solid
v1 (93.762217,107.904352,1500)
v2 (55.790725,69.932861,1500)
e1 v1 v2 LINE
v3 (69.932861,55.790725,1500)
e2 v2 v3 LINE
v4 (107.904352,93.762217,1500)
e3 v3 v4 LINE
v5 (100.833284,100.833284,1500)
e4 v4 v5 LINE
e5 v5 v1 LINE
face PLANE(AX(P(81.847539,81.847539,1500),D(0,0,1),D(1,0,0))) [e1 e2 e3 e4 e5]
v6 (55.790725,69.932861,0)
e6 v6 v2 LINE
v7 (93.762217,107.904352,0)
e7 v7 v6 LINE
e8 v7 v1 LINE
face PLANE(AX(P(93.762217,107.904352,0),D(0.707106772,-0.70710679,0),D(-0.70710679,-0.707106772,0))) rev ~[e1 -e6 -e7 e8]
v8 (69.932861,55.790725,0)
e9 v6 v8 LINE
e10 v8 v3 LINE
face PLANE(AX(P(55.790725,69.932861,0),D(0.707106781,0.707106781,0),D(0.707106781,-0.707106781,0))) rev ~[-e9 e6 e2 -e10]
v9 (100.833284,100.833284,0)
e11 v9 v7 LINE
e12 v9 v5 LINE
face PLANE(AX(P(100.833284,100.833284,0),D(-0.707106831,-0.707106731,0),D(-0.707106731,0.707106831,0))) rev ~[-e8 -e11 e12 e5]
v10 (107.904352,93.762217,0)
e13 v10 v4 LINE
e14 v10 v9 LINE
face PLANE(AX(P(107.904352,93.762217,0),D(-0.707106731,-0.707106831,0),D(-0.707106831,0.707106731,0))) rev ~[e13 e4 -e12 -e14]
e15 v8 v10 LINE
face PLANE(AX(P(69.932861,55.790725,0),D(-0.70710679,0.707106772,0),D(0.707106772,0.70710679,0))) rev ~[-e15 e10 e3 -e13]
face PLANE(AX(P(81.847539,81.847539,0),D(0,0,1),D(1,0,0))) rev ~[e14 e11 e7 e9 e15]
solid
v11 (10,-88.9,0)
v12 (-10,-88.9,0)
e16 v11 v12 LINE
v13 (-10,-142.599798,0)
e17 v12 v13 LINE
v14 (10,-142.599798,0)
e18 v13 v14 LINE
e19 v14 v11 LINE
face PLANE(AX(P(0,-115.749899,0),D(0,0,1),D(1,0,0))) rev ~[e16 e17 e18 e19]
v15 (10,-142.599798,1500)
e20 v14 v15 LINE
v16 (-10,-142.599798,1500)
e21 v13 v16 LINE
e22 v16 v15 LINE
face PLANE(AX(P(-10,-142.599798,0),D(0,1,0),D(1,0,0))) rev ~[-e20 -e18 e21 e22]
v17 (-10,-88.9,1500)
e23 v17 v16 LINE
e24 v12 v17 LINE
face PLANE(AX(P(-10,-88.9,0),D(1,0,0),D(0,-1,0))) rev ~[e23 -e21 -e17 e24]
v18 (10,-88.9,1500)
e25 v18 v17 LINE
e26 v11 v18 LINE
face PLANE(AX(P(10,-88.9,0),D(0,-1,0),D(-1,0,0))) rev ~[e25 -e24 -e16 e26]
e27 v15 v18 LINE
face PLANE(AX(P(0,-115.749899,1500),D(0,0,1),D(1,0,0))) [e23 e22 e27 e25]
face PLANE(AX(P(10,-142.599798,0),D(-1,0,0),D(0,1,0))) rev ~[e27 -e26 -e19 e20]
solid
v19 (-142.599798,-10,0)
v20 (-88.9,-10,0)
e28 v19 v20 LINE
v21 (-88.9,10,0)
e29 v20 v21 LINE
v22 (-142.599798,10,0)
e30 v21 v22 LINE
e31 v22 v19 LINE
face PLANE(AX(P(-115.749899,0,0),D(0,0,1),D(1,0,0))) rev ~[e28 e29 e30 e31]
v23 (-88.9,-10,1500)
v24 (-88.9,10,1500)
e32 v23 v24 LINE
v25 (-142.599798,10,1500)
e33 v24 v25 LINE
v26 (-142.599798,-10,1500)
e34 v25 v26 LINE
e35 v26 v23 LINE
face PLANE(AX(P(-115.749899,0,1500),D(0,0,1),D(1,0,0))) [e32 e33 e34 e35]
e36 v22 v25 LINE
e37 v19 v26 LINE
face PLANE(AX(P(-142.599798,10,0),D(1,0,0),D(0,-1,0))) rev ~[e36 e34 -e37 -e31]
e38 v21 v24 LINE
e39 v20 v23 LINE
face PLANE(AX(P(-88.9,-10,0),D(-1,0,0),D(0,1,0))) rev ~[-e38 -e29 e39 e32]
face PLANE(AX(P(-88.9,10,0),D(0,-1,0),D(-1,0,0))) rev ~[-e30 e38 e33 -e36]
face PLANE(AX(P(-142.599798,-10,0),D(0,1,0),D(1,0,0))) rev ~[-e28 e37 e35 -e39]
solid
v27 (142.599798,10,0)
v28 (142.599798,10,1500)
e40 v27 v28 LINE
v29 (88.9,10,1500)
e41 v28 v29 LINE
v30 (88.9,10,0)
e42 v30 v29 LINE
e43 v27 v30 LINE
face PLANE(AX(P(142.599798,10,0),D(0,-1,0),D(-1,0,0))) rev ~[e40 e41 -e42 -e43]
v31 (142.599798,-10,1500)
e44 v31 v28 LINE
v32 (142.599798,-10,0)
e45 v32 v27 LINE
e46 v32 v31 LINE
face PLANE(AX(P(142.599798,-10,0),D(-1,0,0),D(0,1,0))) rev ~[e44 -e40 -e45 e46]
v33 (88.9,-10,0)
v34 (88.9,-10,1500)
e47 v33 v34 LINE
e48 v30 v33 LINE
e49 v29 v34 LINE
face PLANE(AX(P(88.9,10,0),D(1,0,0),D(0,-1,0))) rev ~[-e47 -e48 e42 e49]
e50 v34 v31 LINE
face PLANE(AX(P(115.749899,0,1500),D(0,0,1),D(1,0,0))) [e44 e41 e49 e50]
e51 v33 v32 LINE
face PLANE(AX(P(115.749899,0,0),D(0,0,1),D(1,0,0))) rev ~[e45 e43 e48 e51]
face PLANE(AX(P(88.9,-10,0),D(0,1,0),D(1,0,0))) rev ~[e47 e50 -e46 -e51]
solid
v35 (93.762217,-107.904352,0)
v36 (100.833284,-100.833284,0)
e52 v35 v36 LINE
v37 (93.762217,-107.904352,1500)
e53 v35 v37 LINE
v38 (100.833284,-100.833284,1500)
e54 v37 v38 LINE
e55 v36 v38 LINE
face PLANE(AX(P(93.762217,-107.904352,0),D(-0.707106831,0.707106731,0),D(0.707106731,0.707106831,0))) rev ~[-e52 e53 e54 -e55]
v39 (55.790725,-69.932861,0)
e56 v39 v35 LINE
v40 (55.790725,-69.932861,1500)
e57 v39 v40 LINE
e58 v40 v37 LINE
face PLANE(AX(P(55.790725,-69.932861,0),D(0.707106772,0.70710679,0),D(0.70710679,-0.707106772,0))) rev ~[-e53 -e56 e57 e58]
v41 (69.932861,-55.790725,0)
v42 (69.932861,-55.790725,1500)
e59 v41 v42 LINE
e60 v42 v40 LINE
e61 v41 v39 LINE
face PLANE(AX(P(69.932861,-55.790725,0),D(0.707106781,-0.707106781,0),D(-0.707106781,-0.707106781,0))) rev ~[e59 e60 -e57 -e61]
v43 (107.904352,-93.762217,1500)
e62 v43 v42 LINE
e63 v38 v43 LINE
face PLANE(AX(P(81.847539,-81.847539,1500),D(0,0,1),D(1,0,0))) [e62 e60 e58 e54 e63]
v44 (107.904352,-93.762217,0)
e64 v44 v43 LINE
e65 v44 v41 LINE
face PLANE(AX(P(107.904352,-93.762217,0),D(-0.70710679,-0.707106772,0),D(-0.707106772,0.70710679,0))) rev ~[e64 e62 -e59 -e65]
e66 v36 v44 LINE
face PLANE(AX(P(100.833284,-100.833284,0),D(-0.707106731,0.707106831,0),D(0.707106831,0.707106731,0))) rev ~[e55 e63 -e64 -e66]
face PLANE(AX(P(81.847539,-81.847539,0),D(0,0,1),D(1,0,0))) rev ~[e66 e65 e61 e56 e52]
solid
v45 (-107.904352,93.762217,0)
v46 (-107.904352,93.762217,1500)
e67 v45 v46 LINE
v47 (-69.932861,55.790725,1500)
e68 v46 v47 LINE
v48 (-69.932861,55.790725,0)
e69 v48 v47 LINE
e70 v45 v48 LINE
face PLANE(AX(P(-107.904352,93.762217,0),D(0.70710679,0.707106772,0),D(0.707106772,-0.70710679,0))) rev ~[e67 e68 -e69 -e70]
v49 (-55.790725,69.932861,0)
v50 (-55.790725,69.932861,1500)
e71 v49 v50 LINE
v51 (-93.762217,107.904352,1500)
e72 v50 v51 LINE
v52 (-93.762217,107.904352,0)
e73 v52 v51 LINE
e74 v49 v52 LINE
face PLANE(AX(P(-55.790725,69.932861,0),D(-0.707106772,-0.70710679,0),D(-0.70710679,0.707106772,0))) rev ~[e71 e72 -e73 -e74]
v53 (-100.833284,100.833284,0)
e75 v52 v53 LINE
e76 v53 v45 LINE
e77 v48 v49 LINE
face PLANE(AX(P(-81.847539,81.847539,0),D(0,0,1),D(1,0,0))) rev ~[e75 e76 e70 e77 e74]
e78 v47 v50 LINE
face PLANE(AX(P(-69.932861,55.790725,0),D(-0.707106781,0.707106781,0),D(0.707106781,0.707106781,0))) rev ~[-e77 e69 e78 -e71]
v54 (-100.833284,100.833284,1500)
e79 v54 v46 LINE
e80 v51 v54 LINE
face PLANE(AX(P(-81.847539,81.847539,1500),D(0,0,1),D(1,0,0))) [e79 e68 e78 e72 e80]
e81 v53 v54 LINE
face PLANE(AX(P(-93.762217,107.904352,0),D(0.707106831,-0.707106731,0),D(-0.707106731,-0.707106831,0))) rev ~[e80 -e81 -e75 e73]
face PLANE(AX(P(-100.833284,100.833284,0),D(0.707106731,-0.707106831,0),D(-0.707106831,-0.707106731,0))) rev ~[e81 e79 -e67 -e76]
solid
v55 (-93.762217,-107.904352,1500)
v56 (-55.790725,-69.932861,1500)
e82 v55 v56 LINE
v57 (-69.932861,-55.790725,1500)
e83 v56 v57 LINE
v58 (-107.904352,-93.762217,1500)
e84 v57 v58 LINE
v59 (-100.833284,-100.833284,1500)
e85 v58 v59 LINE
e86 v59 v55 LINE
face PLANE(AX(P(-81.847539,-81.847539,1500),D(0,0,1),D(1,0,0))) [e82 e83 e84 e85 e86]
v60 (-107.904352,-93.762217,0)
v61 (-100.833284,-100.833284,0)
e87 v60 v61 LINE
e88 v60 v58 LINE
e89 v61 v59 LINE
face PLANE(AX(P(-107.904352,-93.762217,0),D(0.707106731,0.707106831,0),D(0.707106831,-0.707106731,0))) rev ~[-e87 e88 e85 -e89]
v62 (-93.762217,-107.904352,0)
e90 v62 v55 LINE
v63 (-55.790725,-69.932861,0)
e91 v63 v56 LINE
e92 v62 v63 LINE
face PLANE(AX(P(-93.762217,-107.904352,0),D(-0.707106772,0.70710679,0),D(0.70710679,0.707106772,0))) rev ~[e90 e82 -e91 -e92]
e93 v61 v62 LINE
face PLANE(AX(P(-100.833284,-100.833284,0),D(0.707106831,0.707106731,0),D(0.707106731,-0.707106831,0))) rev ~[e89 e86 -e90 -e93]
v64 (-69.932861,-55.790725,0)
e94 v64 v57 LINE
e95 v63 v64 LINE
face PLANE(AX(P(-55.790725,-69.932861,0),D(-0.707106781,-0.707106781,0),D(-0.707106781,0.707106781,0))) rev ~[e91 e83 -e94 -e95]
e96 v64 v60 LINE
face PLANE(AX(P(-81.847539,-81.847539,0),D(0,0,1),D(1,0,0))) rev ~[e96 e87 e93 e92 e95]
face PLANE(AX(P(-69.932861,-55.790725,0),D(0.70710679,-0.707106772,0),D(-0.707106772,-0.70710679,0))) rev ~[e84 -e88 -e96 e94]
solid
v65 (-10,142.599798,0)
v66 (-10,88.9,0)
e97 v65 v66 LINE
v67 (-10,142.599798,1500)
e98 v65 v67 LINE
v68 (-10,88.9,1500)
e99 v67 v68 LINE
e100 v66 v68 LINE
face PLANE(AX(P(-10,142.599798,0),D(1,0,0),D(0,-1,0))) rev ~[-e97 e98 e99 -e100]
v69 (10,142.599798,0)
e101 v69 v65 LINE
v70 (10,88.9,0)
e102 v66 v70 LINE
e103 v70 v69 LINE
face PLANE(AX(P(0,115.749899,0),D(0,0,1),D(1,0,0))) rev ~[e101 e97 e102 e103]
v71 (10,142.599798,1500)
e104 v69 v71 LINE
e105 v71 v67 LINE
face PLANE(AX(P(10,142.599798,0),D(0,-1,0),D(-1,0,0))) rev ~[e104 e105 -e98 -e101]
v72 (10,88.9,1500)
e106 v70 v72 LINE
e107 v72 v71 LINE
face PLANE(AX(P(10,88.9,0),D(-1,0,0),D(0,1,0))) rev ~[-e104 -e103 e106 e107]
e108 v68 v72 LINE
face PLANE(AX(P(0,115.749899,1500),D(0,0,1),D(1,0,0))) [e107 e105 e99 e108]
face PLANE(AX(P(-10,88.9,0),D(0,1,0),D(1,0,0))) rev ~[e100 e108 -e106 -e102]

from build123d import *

# Parameters (mm, degrees)
F1_DEPTH = 1500


with BuildPart() as f1:
    # F0 (on Top) → F1 (new body)
    with BuildSketch(Plane.XY):
        Polygon((10, 88.9), (10, 142.599798), (0, 142.599798), (-10, 142.599798), (-10, 88.9), (0, 88.9), align=None)
        Polygon((69.932861, 55.790725), (107.904352, 93.762217), (100.833284, 100.833284), (93.762217, 107.904352), (55.790725, 69.932861), (62.861793, 62.861793), align=None)
        Polygon((142.599798, 0), (142.599798, 10), (88.9, 10), (88.9, 0), (88.9, -10), (142.599798, -10), align=None)
        Polygon((100.833284, -100.833284), (107.904352, -93.762217), (69.932861, -55.790725), (62.861793, -62.861793), (55.790725, -69.932861), (93.762217, -107.904352), align=None)
        Polygon((0, -142.599798), (10, -142.599798), (10, -88.9), (0, -88.9), (-10, -88.9), (-10, -142.599798), align=None)
        Polygon((-55.790725, 69.932861), (-93.762217, 107.904352), (-100.833284, 100.833284), (-107.904352, 93.762217), (-69.932861, 55.790725), (-62.861793, 62.861793), align=None)
        Polygon((-88.9, -10), (-88.9, 0), (-88.9, 10), (-142.599798, 10), (-142.599798, 0), (-142.599798, -10), align=None)
        Polygon((-55.790725, -69.932861), (-62.861793, -62.861793), (-69.932861, -55.790725), (-107.904352, -93.762217), (-100.833284, -100.833284), (-93.762217, -107.904352), align=None)
    extrude(amount=F1_DEPTH)


solid = f1.part
